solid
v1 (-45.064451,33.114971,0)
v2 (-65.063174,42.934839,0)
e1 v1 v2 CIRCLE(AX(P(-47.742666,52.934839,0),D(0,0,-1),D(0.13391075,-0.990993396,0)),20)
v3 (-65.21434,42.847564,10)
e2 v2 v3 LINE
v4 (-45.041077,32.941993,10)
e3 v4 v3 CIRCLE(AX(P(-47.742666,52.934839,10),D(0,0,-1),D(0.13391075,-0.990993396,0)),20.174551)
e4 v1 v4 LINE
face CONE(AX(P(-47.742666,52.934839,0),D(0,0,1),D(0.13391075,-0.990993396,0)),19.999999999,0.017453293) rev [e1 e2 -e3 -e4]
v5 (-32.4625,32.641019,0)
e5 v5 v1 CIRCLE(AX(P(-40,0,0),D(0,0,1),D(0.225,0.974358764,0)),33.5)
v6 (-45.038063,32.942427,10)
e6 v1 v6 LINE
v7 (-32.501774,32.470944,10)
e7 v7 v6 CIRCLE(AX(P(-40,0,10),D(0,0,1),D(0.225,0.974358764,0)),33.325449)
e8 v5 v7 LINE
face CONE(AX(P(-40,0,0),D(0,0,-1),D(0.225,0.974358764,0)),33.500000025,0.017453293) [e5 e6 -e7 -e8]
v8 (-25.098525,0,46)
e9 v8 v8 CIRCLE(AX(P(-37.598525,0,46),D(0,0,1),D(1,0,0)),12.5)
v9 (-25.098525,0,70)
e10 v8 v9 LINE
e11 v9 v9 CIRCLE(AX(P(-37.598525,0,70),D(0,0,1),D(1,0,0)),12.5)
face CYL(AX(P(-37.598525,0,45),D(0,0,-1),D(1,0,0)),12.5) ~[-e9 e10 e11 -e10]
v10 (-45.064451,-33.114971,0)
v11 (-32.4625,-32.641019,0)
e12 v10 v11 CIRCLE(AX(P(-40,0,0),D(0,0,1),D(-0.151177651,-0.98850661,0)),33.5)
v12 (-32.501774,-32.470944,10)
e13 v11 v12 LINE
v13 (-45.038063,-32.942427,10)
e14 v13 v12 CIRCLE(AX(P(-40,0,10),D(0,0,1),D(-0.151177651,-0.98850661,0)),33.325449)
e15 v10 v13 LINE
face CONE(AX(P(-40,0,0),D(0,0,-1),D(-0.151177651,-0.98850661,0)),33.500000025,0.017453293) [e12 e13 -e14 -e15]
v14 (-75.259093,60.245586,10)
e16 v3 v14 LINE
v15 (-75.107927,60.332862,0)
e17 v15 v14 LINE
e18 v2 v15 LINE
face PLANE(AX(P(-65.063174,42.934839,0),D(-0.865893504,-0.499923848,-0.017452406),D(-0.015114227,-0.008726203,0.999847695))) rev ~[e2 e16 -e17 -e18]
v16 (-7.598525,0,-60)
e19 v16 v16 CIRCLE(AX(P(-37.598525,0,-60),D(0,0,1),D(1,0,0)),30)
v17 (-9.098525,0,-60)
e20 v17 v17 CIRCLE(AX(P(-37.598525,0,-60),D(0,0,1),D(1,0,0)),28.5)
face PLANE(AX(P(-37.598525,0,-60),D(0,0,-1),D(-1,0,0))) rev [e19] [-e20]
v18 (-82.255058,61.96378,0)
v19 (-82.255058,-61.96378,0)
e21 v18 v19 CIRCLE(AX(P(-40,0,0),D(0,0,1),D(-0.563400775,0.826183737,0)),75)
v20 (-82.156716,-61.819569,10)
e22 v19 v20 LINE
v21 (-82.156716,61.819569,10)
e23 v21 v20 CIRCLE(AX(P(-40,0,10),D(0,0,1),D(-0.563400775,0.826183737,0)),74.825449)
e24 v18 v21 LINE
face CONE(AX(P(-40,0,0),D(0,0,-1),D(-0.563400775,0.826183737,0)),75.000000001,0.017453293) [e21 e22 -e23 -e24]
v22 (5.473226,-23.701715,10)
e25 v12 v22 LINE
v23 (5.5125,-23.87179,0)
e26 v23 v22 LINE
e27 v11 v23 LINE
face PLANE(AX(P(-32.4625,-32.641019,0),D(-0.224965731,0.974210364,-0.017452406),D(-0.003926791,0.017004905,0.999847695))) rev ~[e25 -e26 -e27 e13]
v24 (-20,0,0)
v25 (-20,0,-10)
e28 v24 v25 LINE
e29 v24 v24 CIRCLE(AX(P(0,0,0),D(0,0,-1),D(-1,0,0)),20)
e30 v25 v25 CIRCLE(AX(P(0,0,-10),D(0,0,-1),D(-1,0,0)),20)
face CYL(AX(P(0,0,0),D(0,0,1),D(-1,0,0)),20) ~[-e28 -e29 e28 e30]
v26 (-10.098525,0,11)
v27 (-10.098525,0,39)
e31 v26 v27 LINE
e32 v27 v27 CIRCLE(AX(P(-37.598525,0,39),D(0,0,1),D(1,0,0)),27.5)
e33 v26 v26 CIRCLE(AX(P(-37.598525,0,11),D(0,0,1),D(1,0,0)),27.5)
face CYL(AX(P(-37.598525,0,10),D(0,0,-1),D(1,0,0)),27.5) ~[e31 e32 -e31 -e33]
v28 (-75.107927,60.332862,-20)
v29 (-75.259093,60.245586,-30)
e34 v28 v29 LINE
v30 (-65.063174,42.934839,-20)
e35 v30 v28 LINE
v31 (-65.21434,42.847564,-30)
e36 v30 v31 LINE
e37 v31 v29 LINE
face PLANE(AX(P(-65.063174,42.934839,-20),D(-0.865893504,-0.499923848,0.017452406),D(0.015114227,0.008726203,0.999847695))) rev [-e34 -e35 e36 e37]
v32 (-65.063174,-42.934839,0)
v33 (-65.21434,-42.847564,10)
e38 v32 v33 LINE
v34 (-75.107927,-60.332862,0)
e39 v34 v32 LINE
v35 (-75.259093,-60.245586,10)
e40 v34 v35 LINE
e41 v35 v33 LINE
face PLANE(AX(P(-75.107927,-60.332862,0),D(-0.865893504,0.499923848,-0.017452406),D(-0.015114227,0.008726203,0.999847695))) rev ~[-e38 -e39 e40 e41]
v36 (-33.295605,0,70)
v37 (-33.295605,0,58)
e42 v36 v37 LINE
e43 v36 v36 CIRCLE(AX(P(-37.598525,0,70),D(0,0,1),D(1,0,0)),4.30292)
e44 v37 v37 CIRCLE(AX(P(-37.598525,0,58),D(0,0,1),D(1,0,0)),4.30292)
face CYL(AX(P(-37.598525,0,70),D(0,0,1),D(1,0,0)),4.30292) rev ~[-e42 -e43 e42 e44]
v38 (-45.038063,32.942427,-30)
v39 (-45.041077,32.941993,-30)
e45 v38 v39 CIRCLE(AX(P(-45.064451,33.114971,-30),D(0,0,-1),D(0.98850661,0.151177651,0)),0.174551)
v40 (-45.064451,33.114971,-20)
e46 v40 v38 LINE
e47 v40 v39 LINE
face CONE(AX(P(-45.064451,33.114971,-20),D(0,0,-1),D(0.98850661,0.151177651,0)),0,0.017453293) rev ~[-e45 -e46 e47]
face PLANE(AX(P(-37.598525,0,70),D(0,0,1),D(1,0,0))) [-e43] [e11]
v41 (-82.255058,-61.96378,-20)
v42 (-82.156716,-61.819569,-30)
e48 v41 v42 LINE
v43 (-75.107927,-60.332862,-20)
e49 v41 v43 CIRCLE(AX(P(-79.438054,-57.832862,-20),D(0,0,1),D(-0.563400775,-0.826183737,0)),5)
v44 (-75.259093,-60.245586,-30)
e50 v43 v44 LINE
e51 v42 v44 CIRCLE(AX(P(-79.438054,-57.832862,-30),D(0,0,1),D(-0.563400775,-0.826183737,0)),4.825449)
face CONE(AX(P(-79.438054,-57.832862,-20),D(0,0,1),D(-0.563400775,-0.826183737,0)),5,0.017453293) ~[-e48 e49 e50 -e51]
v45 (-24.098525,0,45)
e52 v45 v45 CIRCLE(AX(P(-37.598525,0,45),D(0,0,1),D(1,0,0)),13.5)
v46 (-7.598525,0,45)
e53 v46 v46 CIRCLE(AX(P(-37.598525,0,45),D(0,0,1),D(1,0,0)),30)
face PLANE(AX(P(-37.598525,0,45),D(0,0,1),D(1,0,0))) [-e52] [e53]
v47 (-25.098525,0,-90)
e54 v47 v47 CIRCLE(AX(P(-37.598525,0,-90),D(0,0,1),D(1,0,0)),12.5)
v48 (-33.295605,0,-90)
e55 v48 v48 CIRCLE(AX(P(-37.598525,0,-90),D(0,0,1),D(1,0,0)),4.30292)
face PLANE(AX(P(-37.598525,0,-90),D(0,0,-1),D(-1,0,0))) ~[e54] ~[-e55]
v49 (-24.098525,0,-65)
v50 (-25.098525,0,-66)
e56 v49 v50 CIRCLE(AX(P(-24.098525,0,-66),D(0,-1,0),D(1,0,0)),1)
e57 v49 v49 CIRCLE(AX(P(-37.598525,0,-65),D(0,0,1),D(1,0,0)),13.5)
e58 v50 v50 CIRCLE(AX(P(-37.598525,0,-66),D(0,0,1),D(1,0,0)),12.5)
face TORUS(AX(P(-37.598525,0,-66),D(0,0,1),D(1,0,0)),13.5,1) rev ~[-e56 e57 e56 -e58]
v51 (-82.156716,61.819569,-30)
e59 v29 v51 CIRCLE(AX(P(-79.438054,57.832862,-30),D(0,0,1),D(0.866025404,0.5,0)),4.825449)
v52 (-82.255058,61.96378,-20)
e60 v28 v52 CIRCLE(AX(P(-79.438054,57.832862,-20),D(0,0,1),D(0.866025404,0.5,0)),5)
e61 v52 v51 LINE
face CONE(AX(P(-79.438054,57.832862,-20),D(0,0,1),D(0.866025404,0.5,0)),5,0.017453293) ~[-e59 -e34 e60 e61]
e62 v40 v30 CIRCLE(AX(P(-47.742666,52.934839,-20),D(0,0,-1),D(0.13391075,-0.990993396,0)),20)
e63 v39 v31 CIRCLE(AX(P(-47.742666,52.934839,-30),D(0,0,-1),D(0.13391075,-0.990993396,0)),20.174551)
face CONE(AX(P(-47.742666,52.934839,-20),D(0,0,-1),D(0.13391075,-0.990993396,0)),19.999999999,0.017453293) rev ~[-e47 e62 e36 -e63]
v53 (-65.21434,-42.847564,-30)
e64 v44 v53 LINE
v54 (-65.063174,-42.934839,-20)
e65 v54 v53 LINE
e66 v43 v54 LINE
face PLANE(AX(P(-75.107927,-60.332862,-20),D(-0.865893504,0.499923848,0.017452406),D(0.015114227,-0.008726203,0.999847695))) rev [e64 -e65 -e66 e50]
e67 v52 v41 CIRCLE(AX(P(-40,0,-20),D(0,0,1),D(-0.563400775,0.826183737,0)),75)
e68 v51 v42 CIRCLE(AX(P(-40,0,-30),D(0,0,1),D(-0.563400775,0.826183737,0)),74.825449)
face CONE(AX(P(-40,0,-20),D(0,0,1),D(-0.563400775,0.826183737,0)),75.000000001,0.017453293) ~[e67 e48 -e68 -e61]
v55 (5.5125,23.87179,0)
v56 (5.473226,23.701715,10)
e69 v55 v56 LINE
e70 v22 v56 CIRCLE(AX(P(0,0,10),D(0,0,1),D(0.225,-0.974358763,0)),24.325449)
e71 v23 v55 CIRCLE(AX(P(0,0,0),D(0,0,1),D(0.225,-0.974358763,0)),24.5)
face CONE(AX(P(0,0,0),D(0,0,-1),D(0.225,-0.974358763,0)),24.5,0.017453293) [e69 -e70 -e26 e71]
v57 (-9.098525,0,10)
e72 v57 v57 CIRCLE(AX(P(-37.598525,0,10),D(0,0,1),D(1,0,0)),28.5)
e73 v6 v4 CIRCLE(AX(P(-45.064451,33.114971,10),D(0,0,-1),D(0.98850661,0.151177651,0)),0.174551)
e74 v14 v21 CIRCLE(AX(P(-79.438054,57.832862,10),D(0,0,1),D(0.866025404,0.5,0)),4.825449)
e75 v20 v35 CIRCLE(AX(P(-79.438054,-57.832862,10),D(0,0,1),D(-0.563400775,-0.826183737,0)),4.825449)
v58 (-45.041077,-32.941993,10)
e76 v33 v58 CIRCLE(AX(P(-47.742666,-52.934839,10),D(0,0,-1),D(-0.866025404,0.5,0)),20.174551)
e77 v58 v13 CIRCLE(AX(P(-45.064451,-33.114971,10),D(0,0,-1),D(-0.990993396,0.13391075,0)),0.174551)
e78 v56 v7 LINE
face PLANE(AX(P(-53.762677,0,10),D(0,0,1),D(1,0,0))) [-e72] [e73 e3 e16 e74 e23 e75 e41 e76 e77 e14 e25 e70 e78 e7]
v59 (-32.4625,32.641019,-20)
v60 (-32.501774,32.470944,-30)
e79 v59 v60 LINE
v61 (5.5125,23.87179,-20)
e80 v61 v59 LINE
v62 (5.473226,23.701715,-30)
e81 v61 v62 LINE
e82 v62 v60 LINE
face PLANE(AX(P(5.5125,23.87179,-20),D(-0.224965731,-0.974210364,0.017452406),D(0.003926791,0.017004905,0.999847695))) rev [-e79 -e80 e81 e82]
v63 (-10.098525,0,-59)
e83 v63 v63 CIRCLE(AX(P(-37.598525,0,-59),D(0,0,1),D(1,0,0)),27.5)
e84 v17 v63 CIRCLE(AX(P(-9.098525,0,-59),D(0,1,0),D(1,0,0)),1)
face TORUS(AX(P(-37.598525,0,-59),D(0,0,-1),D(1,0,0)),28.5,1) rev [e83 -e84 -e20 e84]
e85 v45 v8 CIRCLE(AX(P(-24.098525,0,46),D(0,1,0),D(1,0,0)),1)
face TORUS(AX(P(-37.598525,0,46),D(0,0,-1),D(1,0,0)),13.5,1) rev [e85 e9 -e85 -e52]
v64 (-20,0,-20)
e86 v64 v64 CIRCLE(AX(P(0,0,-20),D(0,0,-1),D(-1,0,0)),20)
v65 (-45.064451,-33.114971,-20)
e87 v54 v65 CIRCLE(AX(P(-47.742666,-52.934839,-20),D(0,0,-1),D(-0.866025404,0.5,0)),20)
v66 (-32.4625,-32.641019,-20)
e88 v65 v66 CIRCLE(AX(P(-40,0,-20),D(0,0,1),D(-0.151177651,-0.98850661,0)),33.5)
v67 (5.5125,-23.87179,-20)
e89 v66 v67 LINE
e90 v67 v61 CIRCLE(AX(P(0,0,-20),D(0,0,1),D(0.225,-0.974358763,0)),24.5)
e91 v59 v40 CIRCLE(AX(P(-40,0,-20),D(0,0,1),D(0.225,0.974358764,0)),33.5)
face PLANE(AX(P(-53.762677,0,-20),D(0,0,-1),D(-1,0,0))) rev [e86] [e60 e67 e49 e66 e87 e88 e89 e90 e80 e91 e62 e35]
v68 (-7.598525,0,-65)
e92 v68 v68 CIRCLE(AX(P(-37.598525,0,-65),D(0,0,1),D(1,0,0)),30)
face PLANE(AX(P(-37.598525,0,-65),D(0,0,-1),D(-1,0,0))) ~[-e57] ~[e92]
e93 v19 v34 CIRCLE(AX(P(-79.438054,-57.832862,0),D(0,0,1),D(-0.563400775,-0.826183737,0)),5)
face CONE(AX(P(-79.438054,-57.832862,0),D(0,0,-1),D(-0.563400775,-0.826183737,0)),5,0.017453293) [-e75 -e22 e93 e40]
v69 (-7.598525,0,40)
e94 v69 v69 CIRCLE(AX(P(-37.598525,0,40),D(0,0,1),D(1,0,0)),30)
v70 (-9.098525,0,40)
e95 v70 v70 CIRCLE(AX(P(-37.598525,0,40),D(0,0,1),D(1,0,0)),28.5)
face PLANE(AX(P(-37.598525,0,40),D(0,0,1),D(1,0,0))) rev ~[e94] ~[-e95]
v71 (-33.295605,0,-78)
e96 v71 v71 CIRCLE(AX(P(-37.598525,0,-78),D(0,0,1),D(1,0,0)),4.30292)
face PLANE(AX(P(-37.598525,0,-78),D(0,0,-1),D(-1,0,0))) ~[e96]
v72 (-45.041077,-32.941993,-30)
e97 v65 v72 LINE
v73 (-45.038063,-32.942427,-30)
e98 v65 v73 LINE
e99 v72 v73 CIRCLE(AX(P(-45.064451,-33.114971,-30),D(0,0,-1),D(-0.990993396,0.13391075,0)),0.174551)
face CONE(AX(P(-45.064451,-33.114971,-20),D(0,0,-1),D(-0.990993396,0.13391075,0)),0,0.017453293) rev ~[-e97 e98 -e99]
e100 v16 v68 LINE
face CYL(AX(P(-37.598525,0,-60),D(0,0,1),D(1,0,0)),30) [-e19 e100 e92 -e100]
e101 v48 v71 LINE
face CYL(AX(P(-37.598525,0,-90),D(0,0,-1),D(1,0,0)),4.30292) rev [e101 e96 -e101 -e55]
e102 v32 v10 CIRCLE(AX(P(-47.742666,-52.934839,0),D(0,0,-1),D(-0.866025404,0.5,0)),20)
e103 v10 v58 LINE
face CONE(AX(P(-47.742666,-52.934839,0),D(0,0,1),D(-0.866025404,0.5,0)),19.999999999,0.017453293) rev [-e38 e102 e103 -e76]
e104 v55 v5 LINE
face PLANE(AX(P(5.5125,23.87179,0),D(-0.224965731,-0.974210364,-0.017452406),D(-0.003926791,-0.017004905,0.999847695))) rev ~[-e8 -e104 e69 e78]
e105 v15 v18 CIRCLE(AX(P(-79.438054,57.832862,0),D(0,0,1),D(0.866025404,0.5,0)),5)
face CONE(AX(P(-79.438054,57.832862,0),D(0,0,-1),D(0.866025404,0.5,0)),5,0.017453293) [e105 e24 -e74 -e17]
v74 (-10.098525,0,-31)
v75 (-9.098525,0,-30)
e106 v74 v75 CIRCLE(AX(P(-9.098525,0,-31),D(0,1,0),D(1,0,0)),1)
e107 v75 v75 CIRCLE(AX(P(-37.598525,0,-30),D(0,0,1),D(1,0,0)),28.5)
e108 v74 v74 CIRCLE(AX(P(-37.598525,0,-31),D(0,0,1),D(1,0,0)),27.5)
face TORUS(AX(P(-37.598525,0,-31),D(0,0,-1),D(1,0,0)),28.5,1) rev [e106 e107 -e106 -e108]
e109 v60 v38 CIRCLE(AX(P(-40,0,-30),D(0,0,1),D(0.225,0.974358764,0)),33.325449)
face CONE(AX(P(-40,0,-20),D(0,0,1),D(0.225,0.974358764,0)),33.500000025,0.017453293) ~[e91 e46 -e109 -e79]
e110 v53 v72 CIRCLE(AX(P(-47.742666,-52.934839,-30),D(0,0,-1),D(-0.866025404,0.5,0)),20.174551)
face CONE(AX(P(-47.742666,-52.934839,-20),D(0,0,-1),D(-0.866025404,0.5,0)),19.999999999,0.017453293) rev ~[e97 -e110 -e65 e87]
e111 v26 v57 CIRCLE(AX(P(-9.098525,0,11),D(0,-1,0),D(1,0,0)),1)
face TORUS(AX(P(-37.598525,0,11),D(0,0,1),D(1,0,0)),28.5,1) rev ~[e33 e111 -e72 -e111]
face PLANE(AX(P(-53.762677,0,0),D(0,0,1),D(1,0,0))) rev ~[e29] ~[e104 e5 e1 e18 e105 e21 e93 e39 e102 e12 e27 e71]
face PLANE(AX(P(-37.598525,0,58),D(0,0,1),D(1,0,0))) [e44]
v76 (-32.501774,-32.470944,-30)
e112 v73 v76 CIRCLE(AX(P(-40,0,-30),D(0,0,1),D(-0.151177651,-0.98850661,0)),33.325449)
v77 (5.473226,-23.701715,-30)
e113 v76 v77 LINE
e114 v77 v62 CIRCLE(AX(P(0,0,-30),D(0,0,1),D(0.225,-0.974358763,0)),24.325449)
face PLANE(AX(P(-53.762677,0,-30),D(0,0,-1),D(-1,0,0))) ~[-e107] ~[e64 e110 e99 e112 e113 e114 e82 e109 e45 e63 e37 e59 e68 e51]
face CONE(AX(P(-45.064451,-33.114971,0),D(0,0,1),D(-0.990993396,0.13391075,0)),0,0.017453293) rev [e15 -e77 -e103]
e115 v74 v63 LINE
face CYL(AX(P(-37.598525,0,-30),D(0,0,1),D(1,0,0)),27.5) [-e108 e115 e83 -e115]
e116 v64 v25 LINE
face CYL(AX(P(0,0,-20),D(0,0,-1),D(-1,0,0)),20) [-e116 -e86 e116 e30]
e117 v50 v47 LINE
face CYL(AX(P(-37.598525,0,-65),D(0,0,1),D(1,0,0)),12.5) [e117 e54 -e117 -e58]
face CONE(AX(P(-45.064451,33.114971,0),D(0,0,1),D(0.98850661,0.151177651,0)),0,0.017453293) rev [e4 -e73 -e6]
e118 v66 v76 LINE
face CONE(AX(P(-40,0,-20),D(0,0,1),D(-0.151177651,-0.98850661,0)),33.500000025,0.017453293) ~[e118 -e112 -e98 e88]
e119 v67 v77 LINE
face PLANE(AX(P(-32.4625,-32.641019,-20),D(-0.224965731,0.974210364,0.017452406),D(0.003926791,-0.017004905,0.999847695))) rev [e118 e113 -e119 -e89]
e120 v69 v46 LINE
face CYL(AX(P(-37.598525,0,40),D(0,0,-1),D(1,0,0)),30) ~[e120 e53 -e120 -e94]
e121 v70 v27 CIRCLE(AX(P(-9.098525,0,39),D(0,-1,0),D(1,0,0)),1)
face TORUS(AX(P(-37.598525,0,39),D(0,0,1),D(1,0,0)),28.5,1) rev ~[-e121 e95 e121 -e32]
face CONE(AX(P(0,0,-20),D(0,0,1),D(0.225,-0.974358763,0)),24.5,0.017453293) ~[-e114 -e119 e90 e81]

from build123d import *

# Parameters (mm, degrees)
BOSS_EXTRUDE1_DEPTH = 10
BOSS_EXTRUDE1_TAPER = 1
SKETCH2_R           = 27.5
BOSS_EXTRUDE2_DEPTH = 30
SKETCH3_R           = 30
BOSS_EXTRUDE3_DEPTH = 5
FILLET1_R           = 1
SKETCH4_R           = 12.5
BOSS_EXTRUDE4_DEPTH = 25
FILLET2_R           = 1
SKETCH5_R           = 4.302920272
CUT_EXTRUDE1_DEPTH  = 12
SKETCH8_R           = 20
BOSS_EXTRUDE6_DEPTH = 10


with BuildPart() as part:
    # Sketch1 → Boss-Extrude1 (new body)
    with BuildSketch(Plane.XY):
        with BuildLine():
            Line((5.5125, 23.871789706), (-32.4625, 32.641018577))
            ThreePointArc((-32.4625, 32.641018577), (-38.740972489, 33.47633268), (-45.064451317, 33.114971431))
            ThreePointArc((-45.064451317, 33.114971431), (-56.55780319, 34.98230856), (-65.063174389, 42.934839352))
            Line((-65.063174389, 42.934839352), (-75.107927207, 60.332861583))
            ThreePointArc((-75.107927207, 60.332861583), (-78.325687671, 62.707555486), (-82.255058099, 61.963780268))
            ThreePointArc((-82.255058099, 61.963780268), (-115, 0), (-82.255058099, -61.963780268))
            ThreePointArc((-82.255058099, -61.963780268), (-78.325687671, -62.707555486), (-75.107927207, -60.332861583))
            Line((-75.107927207, -60.332861583), (-65.063174389, -42.934839352))
            ThreePointArc((-65.063174389, -42.934839352), (-56.55780319, -34.98230856), (-45.064451317, -33.114971431))
            ThreePointArc((-45.064451317, -33.114971431), (-38.740972489, -33.47633268), (-32.4625, -32.641018577))
            Line((-32.4625, -32.641018577), (5.5125, -23.871789706))
            ThreePointArc((5.5125, -23.871789706), (24.5, 0), (5.5125, 23.871789706))
        make_face()
    extrude(amount=BOSS_EXTRUDE1_DEPTH, taper=BOSS_EXTRUDE1_TAPER)

    # Sketch2 → Boss-Extrude2 (add)
    with BuildSketch(Plane.XY.offset(10)):
        with Locations((-37.598524934, 0)):
            Circle(SKETCH2_R)
    extrude(amount=BOSS_EXTRUDE2_DEPTH)

    # Sketch3 → Boss-Extrude3 (add)
    with BuildSketch(Plane.XY.offset(40)):
        with Locations((-37.598524934, 0)):
            Circle(SKETCH3_R)
    extrude(amount=BOSS_EXTRUDE3_DEPTH)

    # Fillet1
    fillet1_edges = [part.edges().sort_by_distance(p)[0] for p in [
        (-65.098524934, 0, 10),
        (-65.098524934, 0, 40),
    ]]
    fillet(fillet1_edges, radius=FILLET1_R)

    # Sketch4 → Boss-Extrude4 (add)
    with BuildSketch(Plane.XY.offset(45)):
        with Locations((-37.598524934, 0)):
            Circle(SKETCH4_R)
    extrude(amount=BOSS_EXTRUDE4_DEPTH)

    # Fillet2
    fillet2_edges = [part.edges().sort_by_distance(p)[0] for p in [
        (-50.098524934, 0, 45),
    ]]
    fillet(fillet2_edges, radius=FILLET2_R)

    # Sketch5 → Cut-Extrude1 (cut)
    with BuildSketch(Plane.XY.offset(70)):
        with Locations((-37.598524934, 0)):
            Circle(SKETCH5_R)
    extrude(amount=-CUT_EXTRUDE1_DEPTH, mode=Mode.SUBTRACT)

    # Sketch8 → Boss-Extrude6 (add)
    with BuildSketch(Plane(origin=(0, 0, 0), x_dir=(-1, 0, 0), z_dir=(0, 0, -1))):
        Circle(SKETCH8_R)
    extrude(amount=BOSS_EXTRUDE6_DEPTH)

    # Mirror7: part across plane


with BuildPart() as part_1:
    add(part.part)
    add(part.part.mirror(Plane(origin=(0, 0, -10), x_dir=(1, 0, 0), z_dir=(0, 0, -1))))


solid = part_1.part
